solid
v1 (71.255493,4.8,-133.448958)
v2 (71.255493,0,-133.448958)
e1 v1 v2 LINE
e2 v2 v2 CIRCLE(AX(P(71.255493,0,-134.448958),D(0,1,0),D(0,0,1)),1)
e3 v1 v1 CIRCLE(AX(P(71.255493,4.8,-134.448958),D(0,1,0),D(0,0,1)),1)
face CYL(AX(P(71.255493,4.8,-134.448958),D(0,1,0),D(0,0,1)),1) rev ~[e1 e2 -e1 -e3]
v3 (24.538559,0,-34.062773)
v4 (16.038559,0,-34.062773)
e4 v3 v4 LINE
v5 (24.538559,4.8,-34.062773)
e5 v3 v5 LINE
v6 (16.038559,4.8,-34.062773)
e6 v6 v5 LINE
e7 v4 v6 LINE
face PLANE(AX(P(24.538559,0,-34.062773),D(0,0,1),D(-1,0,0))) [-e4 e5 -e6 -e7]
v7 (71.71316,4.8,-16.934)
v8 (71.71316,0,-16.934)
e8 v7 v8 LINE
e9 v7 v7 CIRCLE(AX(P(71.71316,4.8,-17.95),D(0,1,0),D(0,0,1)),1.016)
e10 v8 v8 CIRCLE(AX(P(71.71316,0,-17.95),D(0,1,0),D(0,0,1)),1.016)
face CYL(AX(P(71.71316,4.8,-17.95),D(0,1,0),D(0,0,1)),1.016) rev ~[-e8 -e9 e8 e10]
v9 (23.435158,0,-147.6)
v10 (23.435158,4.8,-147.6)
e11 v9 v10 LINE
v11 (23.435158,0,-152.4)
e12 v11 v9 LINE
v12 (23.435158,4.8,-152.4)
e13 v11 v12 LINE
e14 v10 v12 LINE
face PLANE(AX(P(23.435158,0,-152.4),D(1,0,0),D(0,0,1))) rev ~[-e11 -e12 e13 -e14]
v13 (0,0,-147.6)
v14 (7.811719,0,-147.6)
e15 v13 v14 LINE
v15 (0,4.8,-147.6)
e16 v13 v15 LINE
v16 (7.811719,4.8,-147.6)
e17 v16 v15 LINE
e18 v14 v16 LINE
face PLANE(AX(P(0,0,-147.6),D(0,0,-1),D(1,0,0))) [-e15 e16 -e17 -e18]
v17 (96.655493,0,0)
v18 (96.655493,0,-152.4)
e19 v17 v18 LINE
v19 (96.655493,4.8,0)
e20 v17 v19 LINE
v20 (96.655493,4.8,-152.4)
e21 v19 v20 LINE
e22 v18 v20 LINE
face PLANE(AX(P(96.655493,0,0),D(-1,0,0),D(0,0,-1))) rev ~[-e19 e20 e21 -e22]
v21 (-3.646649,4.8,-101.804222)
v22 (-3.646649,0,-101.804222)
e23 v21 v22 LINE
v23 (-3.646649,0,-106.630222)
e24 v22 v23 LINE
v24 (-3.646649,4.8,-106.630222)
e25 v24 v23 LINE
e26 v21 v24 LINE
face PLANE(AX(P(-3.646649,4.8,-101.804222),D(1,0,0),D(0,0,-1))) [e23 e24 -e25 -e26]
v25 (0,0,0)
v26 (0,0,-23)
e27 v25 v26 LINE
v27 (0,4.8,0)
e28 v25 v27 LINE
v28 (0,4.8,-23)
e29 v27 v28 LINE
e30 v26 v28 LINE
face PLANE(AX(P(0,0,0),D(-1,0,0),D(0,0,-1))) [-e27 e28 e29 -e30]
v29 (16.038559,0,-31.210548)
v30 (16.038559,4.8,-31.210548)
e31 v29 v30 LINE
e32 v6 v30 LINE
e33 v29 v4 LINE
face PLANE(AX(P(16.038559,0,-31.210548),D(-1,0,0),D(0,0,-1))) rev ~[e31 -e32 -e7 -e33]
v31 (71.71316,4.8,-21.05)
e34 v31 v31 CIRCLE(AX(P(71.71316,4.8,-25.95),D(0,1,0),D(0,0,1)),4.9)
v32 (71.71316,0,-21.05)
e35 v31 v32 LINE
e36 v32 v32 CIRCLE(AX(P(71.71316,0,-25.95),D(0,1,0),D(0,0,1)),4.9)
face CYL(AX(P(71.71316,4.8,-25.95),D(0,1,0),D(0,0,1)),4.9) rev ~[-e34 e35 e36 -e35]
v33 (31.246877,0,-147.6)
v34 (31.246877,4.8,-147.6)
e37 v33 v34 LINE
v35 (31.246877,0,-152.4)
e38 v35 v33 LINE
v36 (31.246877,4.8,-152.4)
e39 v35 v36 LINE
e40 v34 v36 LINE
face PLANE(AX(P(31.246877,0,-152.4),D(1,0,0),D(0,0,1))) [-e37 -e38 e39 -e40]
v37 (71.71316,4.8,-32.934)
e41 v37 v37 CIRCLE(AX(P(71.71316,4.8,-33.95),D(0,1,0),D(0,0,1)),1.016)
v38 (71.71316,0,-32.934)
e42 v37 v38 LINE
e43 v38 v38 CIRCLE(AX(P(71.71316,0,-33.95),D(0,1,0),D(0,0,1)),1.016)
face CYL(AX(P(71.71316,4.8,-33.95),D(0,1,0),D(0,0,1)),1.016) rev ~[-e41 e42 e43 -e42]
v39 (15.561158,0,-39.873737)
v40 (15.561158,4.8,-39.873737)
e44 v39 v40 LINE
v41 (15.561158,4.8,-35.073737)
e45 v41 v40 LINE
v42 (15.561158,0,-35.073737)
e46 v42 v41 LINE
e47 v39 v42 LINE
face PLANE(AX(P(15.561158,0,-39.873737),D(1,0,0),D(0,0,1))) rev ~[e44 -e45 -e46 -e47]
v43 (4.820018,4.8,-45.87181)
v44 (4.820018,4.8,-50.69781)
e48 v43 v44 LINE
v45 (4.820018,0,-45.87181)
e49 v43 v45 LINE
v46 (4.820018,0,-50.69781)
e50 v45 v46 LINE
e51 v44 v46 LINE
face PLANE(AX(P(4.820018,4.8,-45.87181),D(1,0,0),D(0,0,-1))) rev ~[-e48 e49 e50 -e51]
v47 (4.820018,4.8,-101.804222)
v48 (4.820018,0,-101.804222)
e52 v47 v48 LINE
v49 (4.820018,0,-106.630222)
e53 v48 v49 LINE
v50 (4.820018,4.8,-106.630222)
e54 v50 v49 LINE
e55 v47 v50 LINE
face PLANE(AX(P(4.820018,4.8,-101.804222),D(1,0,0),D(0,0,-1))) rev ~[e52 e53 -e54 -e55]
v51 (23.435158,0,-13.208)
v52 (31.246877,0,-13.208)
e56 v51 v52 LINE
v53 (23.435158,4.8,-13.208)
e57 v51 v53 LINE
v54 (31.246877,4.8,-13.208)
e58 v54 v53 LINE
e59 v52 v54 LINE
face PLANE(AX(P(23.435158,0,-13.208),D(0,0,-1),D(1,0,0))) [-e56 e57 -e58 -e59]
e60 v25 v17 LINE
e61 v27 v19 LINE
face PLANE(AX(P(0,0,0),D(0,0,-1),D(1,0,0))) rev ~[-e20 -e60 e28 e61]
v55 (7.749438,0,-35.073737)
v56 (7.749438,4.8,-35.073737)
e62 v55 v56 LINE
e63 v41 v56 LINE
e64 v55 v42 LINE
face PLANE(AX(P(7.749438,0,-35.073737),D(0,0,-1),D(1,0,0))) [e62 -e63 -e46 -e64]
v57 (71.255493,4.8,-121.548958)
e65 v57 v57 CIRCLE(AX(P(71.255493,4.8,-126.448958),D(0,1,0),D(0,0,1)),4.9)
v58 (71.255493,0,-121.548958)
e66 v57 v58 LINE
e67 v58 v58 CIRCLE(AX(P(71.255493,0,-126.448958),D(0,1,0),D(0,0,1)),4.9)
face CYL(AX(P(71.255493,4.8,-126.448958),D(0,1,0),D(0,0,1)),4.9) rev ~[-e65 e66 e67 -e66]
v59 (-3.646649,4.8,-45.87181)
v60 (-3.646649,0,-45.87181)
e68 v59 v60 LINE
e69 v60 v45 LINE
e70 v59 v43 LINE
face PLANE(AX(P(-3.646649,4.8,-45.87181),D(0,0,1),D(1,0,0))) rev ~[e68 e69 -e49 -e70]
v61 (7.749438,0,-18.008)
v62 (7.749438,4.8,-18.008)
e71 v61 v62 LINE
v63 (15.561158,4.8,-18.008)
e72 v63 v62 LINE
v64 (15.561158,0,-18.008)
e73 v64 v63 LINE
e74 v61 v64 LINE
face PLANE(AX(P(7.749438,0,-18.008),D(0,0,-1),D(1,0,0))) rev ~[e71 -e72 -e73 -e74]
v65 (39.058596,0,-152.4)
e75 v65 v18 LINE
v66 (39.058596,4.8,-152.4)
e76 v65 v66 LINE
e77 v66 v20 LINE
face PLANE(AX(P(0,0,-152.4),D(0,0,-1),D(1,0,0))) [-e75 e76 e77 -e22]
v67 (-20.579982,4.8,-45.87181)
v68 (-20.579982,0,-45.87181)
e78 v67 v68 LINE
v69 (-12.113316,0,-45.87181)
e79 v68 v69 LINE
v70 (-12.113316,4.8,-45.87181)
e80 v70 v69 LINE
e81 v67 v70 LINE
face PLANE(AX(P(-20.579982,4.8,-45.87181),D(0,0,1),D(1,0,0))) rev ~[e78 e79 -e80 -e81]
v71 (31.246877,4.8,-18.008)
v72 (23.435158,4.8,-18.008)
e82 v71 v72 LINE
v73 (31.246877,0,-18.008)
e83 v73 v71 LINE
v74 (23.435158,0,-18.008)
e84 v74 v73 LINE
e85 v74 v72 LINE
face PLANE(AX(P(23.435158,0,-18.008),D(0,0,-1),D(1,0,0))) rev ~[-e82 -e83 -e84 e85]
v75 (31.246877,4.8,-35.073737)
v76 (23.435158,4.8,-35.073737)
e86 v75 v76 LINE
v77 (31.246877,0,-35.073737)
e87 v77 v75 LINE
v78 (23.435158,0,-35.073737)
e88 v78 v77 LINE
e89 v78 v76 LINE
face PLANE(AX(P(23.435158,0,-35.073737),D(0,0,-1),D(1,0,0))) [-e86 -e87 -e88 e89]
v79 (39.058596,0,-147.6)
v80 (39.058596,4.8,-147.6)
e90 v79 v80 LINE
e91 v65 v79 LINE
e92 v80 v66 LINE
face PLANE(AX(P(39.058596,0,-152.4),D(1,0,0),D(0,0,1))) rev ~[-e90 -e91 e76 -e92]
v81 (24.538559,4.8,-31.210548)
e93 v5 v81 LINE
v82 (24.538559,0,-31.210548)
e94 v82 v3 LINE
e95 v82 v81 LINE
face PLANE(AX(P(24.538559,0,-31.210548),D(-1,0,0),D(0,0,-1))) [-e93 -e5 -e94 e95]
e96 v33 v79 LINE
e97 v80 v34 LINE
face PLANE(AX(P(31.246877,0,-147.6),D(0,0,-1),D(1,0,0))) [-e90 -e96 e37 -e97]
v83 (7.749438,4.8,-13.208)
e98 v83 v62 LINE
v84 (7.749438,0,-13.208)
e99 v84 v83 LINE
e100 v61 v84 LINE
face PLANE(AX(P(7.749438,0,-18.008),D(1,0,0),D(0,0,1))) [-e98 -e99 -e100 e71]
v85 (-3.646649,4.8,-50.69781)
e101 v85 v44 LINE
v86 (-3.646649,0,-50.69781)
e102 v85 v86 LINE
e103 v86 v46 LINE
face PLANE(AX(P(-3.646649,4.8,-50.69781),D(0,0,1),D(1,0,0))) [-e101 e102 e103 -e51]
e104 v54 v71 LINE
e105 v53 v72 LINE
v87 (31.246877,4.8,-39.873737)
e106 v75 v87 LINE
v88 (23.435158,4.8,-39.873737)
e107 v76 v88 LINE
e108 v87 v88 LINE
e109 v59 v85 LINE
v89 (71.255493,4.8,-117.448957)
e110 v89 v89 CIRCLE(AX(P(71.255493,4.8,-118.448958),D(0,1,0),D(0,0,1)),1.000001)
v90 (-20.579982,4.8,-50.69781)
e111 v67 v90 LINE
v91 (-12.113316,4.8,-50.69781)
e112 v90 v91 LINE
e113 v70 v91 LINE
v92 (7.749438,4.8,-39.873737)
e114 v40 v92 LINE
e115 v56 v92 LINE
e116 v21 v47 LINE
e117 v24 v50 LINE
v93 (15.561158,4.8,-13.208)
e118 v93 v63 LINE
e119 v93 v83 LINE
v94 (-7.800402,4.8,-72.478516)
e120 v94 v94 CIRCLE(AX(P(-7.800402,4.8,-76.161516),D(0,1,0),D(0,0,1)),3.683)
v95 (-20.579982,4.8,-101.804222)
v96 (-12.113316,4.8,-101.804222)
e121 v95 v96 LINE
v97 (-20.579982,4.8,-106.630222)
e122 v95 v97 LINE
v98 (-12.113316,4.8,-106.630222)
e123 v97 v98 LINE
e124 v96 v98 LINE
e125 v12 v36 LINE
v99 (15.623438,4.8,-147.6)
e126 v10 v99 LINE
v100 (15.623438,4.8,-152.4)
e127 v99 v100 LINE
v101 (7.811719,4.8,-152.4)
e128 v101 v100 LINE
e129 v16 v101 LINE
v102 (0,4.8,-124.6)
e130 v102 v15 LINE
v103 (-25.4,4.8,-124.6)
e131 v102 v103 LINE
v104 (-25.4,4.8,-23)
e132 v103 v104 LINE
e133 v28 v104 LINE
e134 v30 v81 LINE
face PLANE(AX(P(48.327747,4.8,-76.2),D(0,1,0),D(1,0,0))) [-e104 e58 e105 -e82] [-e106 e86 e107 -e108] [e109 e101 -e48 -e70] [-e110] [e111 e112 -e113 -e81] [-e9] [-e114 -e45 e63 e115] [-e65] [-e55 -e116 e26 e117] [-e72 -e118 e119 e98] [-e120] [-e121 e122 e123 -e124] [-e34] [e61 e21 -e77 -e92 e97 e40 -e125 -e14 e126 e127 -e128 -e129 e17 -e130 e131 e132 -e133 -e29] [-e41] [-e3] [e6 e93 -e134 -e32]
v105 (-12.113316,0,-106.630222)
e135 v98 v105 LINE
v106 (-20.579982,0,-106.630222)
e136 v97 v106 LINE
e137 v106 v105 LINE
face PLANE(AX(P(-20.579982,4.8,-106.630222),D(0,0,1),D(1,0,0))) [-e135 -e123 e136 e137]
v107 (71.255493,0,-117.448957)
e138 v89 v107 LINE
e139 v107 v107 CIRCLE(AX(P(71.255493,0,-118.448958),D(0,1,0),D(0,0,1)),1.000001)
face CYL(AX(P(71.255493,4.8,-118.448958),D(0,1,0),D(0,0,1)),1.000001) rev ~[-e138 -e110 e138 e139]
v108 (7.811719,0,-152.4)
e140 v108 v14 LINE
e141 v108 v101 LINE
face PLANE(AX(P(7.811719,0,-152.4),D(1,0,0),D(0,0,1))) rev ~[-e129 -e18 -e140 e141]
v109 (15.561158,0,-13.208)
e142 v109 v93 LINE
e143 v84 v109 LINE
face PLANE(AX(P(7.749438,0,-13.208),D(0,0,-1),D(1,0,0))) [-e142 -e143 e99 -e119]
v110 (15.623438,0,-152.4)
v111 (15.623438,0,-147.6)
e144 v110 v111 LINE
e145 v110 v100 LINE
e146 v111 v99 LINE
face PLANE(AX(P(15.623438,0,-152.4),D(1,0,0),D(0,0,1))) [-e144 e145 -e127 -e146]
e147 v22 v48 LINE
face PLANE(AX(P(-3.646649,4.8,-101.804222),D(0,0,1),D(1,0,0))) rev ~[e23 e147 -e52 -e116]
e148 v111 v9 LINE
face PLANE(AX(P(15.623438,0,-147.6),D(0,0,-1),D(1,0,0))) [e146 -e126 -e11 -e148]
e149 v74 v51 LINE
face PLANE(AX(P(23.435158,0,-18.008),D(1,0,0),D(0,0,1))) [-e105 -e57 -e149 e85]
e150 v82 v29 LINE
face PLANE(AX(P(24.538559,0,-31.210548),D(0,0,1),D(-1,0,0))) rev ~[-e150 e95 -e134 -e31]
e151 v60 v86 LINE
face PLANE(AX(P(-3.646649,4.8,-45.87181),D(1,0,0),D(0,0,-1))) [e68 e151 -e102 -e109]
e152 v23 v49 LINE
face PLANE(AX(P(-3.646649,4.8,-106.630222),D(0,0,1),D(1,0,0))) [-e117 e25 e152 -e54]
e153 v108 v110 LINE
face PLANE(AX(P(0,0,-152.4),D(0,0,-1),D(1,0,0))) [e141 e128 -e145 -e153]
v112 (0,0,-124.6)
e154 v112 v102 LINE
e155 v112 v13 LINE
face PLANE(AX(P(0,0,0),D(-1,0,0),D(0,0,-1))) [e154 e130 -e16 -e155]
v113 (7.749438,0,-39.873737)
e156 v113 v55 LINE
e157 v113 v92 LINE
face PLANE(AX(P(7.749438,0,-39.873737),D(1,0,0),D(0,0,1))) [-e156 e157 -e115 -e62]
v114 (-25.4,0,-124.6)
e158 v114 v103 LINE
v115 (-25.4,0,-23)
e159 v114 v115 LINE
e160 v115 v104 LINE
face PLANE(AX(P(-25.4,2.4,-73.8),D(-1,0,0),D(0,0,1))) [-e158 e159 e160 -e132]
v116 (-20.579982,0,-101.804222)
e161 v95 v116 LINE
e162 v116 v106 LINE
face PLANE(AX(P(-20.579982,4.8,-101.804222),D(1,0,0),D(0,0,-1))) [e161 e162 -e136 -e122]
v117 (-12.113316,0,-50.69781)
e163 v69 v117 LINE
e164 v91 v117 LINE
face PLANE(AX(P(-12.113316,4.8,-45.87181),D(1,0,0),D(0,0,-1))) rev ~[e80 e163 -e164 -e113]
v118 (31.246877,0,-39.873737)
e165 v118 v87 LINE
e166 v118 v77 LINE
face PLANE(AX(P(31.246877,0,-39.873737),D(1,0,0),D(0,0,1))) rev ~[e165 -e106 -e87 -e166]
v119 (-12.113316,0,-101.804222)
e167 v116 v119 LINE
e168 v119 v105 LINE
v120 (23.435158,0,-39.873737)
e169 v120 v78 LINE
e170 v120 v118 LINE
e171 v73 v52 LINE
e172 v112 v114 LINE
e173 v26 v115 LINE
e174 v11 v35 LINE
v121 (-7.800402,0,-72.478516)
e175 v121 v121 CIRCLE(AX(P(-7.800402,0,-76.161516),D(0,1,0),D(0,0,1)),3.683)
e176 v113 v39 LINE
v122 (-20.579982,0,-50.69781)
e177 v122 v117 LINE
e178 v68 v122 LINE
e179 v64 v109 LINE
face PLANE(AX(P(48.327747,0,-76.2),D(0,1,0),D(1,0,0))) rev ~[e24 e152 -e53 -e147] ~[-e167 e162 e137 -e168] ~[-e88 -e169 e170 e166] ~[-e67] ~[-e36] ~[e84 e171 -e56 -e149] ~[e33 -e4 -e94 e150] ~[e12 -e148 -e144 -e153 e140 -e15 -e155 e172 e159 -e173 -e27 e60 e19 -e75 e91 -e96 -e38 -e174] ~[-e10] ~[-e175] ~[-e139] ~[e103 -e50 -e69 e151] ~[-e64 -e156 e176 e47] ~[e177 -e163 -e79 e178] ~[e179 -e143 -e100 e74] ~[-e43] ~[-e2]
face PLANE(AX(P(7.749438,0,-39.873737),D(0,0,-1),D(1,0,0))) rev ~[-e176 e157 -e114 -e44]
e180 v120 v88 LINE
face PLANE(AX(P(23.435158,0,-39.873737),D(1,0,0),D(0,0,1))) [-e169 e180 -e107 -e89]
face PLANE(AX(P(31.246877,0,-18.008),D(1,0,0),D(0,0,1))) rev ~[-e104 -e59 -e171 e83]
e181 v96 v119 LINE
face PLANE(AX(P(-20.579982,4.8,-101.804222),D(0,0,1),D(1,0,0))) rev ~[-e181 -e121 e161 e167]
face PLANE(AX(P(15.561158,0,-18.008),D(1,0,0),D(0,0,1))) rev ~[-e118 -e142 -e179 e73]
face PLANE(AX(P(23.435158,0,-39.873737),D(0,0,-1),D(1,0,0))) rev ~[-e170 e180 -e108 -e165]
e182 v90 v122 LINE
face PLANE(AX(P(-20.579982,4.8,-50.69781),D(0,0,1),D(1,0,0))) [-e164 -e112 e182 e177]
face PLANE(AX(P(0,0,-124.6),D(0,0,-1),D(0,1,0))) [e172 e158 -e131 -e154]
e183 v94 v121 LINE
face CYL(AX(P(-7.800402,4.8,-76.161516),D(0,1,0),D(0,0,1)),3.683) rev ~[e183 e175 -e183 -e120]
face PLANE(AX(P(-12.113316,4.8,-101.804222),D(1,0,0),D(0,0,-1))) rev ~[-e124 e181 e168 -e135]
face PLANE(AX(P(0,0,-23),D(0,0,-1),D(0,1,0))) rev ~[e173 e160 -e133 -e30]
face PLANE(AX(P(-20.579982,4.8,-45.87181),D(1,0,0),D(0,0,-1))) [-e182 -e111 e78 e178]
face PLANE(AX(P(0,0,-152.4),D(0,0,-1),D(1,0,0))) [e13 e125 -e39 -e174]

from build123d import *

# Parameters (mm, degrees)
SKETCH1_W           = 96.655493252
SKETCH1_H           = 152.4
BOSS_EXTRUDE1_DEPTH = 4.800000052
SKETCH3_W           = 7.8117192
SKETCH3_H           = 4.800000052
CUT_EXTRUDE2_DEPTH  = 181.530009628
SKETCH5_W           = 8.5
SKETCH5_H           = 2.852224977
CUT_EXTRUDE3_DEPTH  = 181.530009628
SKETCH6_W           = 101.6
SKETCH6_H           = 4.800000052
BOSS_EXTRUDE2_DEPTH = 25.4
SKETCH7_R           = 3.683
CUT_EXTRUDE4_DEPTH  = 181.530009628
SKETCH8_W           = 8.466666666
SKETCH8_H           = 4.826
SKETCH8_W_2         = 8.466666667
CUT_EXTRUDE5_DEPTH  = 181.530009628
SKETCH9_R           = 1.00000054
SKETCH9_R_2         = 1
SKETCH9_R_3         = 1.016
SKETCH9_R_4         = 4.899999979
CUT_EXTRUDE6_DEPTH  = 181.530009628


with BuildPart() as part:
    # Sketch1 → Boss-Extrude1 (new body)
    with BuildSketch(Plane(origin=(0, 0, 0), x_dir=(1, 0, 0), z_dir=(0, 1, 0))):
        with Locations((48.327746626, 76.2)):
            Rectangle(SKETCH1_W, SKETCH1_H)
    extrude(amount=BOSS_EXTRUDE1_DEPTH)

    # Sketch3 → Cut-Extrude2 (cut, through all)
    with BuildSketch(Plane.XZ):
        with Locations((3.9058596, -149.999999974)):
            Rectangle(SKETCH3_W, SKETCH3_H)
        with Locations((19.529298, -149.999999974)):
            Rectangle(SKETCH3_W, SKETCH3_H)
        with Locations((35.1527364, -149.999999974)):
            Rectangle(SKETCH3_W, SKETCH3_H)
        with Locations((27.3410172, -37.473737167)):
            Rectangle(SKETCH3_W, SKETCH3_H)
        with Locations((11.655298, -37.473737167)):
            Rectangle(SKETCH3_W, SKETCH3_H)
        with Locations((11.655298, -15.608000026)):
            Rectangle(SKETCH3_W, SKETCH3_H)
        with Locations((27.3410172, -15.608000026)):
            Rectangle(SKETCH3_W, SKETCH3_H)
    extrude(amount=-CUT_EXTRUDE2_DEPTH, mode=Mode.SUBTRACT)

    # Sketch5 → Cut-Extrude3 (cut, through all)
    with BuildSketch(Plane(origin=(0, 0, 0), x_dir=(-1, 0, 0), z_dir=(0, -1, 0))):
        with Locations((-20.288559041, 32.636660711)):
            Rectangle(SKETCH5_W, SKETCH5_H)
    extrude(amount=-CUT_EXTRUDE3_DEPTH, mode=Mode.SUBTRACT)

    # Sketch6 → Boss-Extrude2 (add)
    with BuildSketch(Plane.ZY):
        with Locations((-73.799999974, 2.400000026)):
            Rectangle(SKETCH6_W, SKETCH6_H)
    extrude(amount=BOSS_EXTRUDE2_DEPTH)

    # Sketch7 → Cut-Extrude4 (cut, through all)
    with BuildSketch(Plane(origin=(0, 4.800000052, 0), x_dir=(1, 0, 0), z_dir=(0, 1, 0))):
        with Locations(Location((-7.800402362, 76.161515735, 0), (0, 0, 270))):
            Circle(SKETCH7_R)
    extrude(amount=-CUT_EXTRUDE4_DEPTH, mode=Mode.SUBTRACT)

    # Sketch8 → Cut-Extrude5 (cut, through all)
    with BuildSketch(Plane(origin=(0, 4.800000052, 0), x_dir=(1, 0, 0), z_dir=(0, 1, 0))):
        with Locations((-16.346648987, 48.284809597)):
            Rectangle(SKETCH8_W, SKETCH8_H)
        with Locations((0.586684347, 48.284809597)):
            Rectangle(SKETCH8_W_2, SKETCH8_H)
        with Locations((-16.346648987, 104.21722165)):
            Rectangle(SKETCH8_W, SKETCH8_H)
        with Locations((0.586684347, 104.21722165)):
            Rectangle(SKETCH8_W_2, SKETCH8_H)
    extrude(amount=-CUT_EXTRUDE5_DEPTH, mode=Mode.SUBTRACT)

    # Sketch9 → Cut-Extrude6 (cut, through all)
    with BuildSketch(Plane(origin=(0, 4.800000052, 0), x_dir=(1, 0, 0), z_dir=(0, 1, 0))):
        with Locations(Location((71.255493252, 118.448957867, 0), (0, 0, 270))):
            Circle(SKETCH9_R)
        with Locations(Location((71.255493252, 134.448957871, 0), (0, 0, 270))):
            Circle(SKETCH9_R_2)
        with Locations(Location((71.713159771, 33.950000045, 0), (0, 0, 270))):
            Circle(SKETCH9_R_3)
        with Locations(Location((71.713159771, 17.950000041, 0), (0, 0, 270))):
            Circle(SKETCH9_R_3)
        with Locations(Location((71.713159771, 25.950000043, 0), (0, 0, 270))):
            Circle(SKETCH9_R_4)
        with Locations(Location((71.255493252, 126.448957869, 0), (0, 0, 270))):
            Circle(SKETCH9_R_4)
    extrude(amount=-CUT_EXTRUDE6_DEPTH, mode=Mode.SUBTRACT)


solid = part.part
